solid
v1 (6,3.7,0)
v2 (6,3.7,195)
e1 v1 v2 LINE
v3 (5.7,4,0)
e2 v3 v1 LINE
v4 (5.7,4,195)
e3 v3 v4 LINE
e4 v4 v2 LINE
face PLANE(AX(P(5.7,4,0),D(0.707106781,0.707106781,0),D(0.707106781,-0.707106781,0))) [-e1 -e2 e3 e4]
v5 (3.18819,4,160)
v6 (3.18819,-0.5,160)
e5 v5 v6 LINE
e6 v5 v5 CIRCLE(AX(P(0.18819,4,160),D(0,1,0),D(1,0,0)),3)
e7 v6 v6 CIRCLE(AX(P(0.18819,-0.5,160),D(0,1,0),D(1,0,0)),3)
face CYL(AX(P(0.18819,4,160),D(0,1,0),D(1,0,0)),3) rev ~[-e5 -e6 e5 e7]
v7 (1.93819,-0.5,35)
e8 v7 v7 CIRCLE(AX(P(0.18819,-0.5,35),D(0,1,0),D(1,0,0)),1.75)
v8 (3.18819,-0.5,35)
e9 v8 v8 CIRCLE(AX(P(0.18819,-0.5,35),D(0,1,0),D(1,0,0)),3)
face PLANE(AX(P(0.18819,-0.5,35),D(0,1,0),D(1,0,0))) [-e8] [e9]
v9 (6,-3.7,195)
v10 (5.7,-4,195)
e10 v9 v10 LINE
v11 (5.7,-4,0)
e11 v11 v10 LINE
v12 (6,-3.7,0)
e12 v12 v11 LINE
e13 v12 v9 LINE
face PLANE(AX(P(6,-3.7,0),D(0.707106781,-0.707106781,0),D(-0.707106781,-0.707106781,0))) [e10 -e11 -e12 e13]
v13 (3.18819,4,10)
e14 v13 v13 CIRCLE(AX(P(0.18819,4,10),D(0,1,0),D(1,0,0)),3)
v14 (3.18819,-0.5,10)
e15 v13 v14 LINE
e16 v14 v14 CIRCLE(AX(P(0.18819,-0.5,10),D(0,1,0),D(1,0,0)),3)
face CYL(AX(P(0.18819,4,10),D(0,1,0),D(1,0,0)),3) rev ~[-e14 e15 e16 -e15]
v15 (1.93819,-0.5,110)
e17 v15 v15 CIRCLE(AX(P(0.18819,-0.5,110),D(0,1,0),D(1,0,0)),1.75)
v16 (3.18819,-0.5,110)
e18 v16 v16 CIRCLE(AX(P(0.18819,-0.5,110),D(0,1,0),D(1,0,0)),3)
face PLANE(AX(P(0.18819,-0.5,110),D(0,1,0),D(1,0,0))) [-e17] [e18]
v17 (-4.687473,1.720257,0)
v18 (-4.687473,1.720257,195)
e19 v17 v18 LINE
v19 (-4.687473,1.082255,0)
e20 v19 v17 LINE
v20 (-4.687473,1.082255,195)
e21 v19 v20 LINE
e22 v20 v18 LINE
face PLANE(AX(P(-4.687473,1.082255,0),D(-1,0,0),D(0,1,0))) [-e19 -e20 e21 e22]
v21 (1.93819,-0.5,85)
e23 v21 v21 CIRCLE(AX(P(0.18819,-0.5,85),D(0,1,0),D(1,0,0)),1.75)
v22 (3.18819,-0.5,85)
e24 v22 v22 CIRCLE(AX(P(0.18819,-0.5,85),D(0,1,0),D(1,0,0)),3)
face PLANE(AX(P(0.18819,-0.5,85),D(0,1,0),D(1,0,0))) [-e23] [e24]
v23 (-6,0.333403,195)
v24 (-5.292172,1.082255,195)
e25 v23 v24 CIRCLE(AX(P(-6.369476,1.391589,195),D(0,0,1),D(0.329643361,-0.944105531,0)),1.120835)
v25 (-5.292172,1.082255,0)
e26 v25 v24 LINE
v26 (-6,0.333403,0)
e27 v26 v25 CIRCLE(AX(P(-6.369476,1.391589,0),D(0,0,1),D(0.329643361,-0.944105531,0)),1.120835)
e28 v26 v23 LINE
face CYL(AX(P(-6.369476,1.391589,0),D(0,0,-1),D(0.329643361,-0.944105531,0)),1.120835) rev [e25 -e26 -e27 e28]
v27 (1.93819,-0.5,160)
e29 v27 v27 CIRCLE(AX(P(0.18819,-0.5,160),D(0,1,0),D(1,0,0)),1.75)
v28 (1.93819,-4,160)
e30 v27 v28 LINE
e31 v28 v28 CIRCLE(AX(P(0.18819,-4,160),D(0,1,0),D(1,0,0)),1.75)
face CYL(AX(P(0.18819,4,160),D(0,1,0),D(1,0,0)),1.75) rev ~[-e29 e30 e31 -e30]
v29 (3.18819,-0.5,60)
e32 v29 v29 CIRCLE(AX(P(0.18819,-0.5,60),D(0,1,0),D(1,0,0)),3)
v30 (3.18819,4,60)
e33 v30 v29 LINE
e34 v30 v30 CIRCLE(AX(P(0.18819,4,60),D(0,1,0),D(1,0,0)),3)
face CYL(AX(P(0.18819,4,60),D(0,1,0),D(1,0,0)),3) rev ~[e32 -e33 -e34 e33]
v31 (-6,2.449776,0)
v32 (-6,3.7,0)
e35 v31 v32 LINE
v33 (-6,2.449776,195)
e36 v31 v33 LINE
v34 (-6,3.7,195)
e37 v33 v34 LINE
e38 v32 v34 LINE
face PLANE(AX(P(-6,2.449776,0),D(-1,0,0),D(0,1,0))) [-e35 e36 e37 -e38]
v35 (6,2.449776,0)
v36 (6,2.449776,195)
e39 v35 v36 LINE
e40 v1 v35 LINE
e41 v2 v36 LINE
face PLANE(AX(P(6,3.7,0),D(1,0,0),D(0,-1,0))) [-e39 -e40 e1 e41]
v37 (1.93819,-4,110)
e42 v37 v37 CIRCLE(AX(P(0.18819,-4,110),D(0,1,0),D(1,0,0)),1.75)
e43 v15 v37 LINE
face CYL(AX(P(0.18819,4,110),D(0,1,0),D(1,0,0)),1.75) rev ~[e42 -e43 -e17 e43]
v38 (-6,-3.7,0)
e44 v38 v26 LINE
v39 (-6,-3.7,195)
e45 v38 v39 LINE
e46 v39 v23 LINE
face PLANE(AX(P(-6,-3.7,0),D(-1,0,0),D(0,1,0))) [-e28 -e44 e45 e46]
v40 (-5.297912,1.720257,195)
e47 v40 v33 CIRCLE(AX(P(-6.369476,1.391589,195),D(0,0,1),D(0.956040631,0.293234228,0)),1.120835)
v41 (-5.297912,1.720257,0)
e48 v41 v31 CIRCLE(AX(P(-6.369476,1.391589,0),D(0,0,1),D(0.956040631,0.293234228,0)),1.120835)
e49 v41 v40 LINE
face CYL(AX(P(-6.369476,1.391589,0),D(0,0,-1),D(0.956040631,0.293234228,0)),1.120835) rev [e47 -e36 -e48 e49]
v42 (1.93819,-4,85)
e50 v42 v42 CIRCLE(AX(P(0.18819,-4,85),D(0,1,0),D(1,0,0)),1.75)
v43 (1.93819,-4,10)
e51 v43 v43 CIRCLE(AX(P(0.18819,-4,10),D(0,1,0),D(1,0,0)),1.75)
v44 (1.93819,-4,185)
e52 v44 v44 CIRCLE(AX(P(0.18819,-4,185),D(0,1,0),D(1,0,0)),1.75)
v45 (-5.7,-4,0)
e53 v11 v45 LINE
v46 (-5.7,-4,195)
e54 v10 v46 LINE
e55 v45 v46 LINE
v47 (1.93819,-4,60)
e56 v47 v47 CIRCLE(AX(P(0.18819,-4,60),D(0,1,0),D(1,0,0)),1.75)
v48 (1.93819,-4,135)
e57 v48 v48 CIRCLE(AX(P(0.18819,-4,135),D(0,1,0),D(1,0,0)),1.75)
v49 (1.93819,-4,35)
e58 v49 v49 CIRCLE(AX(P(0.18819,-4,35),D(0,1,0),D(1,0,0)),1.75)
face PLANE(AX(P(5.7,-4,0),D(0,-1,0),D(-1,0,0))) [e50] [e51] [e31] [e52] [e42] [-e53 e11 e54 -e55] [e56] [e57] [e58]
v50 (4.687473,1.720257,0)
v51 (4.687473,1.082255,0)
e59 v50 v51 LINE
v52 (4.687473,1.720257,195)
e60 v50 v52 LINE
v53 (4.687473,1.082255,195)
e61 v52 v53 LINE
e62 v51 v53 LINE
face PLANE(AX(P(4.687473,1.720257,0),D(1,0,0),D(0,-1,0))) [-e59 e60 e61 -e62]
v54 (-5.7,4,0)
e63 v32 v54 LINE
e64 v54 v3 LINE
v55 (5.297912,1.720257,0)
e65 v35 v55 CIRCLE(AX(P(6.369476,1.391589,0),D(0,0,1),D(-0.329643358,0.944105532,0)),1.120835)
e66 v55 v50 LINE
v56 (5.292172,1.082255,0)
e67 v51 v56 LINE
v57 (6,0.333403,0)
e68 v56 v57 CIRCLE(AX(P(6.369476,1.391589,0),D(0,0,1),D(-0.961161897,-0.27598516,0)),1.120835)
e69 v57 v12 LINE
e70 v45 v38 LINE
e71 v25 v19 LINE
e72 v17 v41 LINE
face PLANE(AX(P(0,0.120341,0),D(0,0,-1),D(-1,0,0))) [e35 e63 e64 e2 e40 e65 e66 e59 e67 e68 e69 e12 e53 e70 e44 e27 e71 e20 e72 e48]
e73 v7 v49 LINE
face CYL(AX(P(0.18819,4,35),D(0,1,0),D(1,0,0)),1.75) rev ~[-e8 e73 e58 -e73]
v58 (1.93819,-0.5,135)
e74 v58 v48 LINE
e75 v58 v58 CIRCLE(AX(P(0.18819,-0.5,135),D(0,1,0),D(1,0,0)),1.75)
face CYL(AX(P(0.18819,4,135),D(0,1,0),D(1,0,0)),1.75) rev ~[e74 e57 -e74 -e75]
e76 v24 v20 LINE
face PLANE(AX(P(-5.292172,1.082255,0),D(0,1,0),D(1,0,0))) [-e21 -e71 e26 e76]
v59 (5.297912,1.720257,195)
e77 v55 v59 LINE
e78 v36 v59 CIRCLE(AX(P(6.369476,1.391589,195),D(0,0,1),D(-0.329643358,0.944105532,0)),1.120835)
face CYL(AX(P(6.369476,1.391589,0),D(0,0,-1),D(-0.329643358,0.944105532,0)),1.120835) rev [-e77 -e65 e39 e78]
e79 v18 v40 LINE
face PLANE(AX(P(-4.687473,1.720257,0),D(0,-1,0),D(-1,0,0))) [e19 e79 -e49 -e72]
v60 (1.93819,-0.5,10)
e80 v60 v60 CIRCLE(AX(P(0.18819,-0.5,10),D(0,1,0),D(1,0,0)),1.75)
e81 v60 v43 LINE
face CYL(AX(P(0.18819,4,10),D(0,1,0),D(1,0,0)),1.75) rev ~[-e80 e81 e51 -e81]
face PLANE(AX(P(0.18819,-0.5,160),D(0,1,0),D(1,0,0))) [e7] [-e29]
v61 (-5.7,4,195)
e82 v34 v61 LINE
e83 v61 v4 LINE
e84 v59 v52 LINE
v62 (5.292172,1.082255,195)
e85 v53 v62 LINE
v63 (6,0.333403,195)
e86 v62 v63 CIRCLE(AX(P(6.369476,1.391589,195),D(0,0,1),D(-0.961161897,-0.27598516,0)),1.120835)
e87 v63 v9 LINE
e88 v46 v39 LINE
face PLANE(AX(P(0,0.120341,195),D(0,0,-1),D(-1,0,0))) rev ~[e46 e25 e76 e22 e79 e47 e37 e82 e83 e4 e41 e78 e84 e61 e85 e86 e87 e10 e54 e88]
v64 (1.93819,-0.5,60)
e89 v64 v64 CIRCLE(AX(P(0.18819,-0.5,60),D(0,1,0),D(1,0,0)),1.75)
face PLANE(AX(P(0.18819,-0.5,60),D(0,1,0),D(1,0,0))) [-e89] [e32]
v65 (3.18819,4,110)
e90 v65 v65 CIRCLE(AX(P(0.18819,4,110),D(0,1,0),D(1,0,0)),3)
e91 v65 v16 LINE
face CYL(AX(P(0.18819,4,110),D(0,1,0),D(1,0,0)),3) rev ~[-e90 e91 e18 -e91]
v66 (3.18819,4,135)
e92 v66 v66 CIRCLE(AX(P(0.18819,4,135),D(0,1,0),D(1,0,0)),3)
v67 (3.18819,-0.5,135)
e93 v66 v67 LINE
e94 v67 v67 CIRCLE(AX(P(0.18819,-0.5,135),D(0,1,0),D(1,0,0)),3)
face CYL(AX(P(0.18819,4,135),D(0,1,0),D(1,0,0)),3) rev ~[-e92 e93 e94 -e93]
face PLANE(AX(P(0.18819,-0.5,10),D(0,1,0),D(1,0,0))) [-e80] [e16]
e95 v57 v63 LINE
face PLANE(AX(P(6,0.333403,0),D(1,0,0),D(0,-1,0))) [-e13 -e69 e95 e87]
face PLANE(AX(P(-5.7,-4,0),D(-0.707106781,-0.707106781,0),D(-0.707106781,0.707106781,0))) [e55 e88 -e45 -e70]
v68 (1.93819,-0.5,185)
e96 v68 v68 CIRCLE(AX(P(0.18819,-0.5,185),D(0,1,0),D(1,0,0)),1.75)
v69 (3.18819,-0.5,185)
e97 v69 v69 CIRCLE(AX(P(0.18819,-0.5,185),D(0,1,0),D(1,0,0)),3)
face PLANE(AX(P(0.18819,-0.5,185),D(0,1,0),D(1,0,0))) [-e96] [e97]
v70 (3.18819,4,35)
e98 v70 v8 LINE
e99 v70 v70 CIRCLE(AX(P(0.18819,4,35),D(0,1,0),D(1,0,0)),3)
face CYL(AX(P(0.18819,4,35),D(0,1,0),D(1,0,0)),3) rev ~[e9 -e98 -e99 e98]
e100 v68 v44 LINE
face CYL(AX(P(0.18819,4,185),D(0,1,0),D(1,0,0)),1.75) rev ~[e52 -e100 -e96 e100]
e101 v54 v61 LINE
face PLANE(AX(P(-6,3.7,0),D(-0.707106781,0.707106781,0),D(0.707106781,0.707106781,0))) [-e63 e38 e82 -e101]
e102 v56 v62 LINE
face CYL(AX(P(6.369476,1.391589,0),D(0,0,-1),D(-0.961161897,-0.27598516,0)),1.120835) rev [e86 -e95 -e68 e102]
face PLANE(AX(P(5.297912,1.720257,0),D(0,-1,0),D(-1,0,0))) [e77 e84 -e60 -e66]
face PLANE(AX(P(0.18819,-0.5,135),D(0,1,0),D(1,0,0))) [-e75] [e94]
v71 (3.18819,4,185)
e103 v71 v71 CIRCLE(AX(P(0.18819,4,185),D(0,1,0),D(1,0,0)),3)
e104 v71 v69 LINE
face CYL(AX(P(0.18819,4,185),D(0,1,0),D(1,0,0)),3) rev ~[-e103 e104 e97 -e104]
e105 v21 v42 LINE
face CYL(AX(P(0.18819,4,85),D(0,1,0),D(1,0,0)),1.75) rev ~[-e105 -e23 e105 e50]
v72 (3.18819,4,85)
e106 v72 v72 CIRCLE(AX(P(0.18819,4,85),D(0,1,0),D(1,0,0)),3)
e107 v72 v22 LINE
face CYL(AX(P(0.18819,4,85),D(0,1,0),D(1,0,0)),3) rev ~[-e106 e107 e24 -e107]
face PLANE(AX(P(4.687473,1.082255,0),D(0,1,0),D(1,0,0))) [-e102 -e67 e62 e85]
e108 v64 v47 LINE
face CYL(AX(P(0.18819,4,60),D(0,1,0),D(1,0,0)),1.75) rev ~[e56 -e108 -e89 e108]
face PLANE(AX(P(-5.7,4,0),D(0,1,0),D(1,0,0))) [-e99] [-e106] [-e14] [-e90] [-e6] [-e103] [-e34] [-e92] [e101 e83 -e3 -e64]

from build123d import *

# Parameters (mm, degrees)
EXTRUDE_1_DEPTH        = 195
SKETCH_2_R             = 3
SKETCH_2_R_2           = 1.75
CUT_EXTRUDE_1_DEPTH    = 4.5
SKETCH_2_2_R           = 1.75
CUT_EXTRUDE_2_DEPTH    = 9
PATTERN_LINEAR_1_COUNT = 12
PATTERN_LINEAR_1_PITCH = 25


with BuildPart() as part:
    # Эскиз1 → Бобышка-Вытянуть1 (new body)
    with BuildSketch(Plane.XY):
        with BuildLine():
            Line((-6, 3.7), (-5.7, 4))
            Line((-5.7, 4), (5.7, 4))
            Line((5.7, 4), (6, 3.7))
            Line((6, 3.7), (6, 2.449776022))
            ThreePointArc((6, 2.449776022), (5.561887715, 2.168810579), (5.297911886, 1.720256551))
            Line((5.297911886, 1.720256551), (4.687472904, 1.720256551))
            Line((4.687472904, 1.720256551), (4.687472904, 1.082255421))
            Line((4.687472904, 1.082255421), (5.292171789, 1.082255421))
            ThreePointArc((5.292171789, 1.082255421), (5.554928022, 0.621665058), (6, 0.333402583))
            Line((6, 0.333402583), (6, -3.7))
            Line((6, -3.7), (5.7, -4))
            Line((5.7, -4), (-5.7, -4))
            Line((-5.7, -4), (-6, -3.7))
            Line((-6, -3.7), (-6, 0.333402583))
            ThreePointArc((-6, 0.333402583), (-5.554928022, 0.621665058), (-5.292171789, 1.082255421))
            Line((-5.292171789, 1.082255421), (-4.687472904, 1.082255421))
            Line((-4.687472904, 1.082255421), (-4.687472904, 1.720256551))
            Line((-4.687472904, 1.720256551), (-5.297911886, 1.720256551))
            ThreePointArc((-5.297911886, 1.720256551), (-5.561887715, 2.168810579), (-6, 2.449776022))
            Line((-6, 2.449776022), (-6, 3.7))
        make_face()
    extrude(amount=EXTRUDE_1_DEPTH)

    # Эскиз2 → Вырез-Вытянуть1 (cut)
    with BuildSketch(Plane(origin=(0, 4, 0), x_dir=(1, 0, 0), z_dir=(0, 1, 0))):
        with Locations((0.188190244, -10)):
            Circle(SKETCH_2_R)
        with Locations((0.188190244, -10)):
            Circle(SKETCH_2_R_2, mode=Mode.SUBTRACT)
    cut_extrude_1 = extrude(amount=-CUT_EXTRUDE_1_DEPTH, mode=Mode.SUBTRACT)

    # Эскиз2<2> → Вырез-Вытянуть2 (cut, through all)
    with BuildSketch(Plane(origin=(0, 4, 0), x_dir=(1, 0, 0), z_dir=(0, 1, 0))):
        with Locations((0.188190244, -10)):
            Circle(SKETCH_2_2_R)
    cut_extrude_2 = extrude(amount=-CUT_EXTRUDE_2_DEPTH, mode=Mode.SUBTRACT)

    # Линейный массив1: Вырез-Вытянуть1, Вырез-Вытянуть2 ×12
    with Locations(*[(0, 0, i * PATTERN_LINEAR_1_PITCH) for i in range(1, PATTERN_LINEAR_1_COUNT)]):
        add(cut_extrude_1, mode=Mode.SUBTRACT)
        add(cut_extrude_2, mode=Mode.SUBTRACT)


solid = part.part
